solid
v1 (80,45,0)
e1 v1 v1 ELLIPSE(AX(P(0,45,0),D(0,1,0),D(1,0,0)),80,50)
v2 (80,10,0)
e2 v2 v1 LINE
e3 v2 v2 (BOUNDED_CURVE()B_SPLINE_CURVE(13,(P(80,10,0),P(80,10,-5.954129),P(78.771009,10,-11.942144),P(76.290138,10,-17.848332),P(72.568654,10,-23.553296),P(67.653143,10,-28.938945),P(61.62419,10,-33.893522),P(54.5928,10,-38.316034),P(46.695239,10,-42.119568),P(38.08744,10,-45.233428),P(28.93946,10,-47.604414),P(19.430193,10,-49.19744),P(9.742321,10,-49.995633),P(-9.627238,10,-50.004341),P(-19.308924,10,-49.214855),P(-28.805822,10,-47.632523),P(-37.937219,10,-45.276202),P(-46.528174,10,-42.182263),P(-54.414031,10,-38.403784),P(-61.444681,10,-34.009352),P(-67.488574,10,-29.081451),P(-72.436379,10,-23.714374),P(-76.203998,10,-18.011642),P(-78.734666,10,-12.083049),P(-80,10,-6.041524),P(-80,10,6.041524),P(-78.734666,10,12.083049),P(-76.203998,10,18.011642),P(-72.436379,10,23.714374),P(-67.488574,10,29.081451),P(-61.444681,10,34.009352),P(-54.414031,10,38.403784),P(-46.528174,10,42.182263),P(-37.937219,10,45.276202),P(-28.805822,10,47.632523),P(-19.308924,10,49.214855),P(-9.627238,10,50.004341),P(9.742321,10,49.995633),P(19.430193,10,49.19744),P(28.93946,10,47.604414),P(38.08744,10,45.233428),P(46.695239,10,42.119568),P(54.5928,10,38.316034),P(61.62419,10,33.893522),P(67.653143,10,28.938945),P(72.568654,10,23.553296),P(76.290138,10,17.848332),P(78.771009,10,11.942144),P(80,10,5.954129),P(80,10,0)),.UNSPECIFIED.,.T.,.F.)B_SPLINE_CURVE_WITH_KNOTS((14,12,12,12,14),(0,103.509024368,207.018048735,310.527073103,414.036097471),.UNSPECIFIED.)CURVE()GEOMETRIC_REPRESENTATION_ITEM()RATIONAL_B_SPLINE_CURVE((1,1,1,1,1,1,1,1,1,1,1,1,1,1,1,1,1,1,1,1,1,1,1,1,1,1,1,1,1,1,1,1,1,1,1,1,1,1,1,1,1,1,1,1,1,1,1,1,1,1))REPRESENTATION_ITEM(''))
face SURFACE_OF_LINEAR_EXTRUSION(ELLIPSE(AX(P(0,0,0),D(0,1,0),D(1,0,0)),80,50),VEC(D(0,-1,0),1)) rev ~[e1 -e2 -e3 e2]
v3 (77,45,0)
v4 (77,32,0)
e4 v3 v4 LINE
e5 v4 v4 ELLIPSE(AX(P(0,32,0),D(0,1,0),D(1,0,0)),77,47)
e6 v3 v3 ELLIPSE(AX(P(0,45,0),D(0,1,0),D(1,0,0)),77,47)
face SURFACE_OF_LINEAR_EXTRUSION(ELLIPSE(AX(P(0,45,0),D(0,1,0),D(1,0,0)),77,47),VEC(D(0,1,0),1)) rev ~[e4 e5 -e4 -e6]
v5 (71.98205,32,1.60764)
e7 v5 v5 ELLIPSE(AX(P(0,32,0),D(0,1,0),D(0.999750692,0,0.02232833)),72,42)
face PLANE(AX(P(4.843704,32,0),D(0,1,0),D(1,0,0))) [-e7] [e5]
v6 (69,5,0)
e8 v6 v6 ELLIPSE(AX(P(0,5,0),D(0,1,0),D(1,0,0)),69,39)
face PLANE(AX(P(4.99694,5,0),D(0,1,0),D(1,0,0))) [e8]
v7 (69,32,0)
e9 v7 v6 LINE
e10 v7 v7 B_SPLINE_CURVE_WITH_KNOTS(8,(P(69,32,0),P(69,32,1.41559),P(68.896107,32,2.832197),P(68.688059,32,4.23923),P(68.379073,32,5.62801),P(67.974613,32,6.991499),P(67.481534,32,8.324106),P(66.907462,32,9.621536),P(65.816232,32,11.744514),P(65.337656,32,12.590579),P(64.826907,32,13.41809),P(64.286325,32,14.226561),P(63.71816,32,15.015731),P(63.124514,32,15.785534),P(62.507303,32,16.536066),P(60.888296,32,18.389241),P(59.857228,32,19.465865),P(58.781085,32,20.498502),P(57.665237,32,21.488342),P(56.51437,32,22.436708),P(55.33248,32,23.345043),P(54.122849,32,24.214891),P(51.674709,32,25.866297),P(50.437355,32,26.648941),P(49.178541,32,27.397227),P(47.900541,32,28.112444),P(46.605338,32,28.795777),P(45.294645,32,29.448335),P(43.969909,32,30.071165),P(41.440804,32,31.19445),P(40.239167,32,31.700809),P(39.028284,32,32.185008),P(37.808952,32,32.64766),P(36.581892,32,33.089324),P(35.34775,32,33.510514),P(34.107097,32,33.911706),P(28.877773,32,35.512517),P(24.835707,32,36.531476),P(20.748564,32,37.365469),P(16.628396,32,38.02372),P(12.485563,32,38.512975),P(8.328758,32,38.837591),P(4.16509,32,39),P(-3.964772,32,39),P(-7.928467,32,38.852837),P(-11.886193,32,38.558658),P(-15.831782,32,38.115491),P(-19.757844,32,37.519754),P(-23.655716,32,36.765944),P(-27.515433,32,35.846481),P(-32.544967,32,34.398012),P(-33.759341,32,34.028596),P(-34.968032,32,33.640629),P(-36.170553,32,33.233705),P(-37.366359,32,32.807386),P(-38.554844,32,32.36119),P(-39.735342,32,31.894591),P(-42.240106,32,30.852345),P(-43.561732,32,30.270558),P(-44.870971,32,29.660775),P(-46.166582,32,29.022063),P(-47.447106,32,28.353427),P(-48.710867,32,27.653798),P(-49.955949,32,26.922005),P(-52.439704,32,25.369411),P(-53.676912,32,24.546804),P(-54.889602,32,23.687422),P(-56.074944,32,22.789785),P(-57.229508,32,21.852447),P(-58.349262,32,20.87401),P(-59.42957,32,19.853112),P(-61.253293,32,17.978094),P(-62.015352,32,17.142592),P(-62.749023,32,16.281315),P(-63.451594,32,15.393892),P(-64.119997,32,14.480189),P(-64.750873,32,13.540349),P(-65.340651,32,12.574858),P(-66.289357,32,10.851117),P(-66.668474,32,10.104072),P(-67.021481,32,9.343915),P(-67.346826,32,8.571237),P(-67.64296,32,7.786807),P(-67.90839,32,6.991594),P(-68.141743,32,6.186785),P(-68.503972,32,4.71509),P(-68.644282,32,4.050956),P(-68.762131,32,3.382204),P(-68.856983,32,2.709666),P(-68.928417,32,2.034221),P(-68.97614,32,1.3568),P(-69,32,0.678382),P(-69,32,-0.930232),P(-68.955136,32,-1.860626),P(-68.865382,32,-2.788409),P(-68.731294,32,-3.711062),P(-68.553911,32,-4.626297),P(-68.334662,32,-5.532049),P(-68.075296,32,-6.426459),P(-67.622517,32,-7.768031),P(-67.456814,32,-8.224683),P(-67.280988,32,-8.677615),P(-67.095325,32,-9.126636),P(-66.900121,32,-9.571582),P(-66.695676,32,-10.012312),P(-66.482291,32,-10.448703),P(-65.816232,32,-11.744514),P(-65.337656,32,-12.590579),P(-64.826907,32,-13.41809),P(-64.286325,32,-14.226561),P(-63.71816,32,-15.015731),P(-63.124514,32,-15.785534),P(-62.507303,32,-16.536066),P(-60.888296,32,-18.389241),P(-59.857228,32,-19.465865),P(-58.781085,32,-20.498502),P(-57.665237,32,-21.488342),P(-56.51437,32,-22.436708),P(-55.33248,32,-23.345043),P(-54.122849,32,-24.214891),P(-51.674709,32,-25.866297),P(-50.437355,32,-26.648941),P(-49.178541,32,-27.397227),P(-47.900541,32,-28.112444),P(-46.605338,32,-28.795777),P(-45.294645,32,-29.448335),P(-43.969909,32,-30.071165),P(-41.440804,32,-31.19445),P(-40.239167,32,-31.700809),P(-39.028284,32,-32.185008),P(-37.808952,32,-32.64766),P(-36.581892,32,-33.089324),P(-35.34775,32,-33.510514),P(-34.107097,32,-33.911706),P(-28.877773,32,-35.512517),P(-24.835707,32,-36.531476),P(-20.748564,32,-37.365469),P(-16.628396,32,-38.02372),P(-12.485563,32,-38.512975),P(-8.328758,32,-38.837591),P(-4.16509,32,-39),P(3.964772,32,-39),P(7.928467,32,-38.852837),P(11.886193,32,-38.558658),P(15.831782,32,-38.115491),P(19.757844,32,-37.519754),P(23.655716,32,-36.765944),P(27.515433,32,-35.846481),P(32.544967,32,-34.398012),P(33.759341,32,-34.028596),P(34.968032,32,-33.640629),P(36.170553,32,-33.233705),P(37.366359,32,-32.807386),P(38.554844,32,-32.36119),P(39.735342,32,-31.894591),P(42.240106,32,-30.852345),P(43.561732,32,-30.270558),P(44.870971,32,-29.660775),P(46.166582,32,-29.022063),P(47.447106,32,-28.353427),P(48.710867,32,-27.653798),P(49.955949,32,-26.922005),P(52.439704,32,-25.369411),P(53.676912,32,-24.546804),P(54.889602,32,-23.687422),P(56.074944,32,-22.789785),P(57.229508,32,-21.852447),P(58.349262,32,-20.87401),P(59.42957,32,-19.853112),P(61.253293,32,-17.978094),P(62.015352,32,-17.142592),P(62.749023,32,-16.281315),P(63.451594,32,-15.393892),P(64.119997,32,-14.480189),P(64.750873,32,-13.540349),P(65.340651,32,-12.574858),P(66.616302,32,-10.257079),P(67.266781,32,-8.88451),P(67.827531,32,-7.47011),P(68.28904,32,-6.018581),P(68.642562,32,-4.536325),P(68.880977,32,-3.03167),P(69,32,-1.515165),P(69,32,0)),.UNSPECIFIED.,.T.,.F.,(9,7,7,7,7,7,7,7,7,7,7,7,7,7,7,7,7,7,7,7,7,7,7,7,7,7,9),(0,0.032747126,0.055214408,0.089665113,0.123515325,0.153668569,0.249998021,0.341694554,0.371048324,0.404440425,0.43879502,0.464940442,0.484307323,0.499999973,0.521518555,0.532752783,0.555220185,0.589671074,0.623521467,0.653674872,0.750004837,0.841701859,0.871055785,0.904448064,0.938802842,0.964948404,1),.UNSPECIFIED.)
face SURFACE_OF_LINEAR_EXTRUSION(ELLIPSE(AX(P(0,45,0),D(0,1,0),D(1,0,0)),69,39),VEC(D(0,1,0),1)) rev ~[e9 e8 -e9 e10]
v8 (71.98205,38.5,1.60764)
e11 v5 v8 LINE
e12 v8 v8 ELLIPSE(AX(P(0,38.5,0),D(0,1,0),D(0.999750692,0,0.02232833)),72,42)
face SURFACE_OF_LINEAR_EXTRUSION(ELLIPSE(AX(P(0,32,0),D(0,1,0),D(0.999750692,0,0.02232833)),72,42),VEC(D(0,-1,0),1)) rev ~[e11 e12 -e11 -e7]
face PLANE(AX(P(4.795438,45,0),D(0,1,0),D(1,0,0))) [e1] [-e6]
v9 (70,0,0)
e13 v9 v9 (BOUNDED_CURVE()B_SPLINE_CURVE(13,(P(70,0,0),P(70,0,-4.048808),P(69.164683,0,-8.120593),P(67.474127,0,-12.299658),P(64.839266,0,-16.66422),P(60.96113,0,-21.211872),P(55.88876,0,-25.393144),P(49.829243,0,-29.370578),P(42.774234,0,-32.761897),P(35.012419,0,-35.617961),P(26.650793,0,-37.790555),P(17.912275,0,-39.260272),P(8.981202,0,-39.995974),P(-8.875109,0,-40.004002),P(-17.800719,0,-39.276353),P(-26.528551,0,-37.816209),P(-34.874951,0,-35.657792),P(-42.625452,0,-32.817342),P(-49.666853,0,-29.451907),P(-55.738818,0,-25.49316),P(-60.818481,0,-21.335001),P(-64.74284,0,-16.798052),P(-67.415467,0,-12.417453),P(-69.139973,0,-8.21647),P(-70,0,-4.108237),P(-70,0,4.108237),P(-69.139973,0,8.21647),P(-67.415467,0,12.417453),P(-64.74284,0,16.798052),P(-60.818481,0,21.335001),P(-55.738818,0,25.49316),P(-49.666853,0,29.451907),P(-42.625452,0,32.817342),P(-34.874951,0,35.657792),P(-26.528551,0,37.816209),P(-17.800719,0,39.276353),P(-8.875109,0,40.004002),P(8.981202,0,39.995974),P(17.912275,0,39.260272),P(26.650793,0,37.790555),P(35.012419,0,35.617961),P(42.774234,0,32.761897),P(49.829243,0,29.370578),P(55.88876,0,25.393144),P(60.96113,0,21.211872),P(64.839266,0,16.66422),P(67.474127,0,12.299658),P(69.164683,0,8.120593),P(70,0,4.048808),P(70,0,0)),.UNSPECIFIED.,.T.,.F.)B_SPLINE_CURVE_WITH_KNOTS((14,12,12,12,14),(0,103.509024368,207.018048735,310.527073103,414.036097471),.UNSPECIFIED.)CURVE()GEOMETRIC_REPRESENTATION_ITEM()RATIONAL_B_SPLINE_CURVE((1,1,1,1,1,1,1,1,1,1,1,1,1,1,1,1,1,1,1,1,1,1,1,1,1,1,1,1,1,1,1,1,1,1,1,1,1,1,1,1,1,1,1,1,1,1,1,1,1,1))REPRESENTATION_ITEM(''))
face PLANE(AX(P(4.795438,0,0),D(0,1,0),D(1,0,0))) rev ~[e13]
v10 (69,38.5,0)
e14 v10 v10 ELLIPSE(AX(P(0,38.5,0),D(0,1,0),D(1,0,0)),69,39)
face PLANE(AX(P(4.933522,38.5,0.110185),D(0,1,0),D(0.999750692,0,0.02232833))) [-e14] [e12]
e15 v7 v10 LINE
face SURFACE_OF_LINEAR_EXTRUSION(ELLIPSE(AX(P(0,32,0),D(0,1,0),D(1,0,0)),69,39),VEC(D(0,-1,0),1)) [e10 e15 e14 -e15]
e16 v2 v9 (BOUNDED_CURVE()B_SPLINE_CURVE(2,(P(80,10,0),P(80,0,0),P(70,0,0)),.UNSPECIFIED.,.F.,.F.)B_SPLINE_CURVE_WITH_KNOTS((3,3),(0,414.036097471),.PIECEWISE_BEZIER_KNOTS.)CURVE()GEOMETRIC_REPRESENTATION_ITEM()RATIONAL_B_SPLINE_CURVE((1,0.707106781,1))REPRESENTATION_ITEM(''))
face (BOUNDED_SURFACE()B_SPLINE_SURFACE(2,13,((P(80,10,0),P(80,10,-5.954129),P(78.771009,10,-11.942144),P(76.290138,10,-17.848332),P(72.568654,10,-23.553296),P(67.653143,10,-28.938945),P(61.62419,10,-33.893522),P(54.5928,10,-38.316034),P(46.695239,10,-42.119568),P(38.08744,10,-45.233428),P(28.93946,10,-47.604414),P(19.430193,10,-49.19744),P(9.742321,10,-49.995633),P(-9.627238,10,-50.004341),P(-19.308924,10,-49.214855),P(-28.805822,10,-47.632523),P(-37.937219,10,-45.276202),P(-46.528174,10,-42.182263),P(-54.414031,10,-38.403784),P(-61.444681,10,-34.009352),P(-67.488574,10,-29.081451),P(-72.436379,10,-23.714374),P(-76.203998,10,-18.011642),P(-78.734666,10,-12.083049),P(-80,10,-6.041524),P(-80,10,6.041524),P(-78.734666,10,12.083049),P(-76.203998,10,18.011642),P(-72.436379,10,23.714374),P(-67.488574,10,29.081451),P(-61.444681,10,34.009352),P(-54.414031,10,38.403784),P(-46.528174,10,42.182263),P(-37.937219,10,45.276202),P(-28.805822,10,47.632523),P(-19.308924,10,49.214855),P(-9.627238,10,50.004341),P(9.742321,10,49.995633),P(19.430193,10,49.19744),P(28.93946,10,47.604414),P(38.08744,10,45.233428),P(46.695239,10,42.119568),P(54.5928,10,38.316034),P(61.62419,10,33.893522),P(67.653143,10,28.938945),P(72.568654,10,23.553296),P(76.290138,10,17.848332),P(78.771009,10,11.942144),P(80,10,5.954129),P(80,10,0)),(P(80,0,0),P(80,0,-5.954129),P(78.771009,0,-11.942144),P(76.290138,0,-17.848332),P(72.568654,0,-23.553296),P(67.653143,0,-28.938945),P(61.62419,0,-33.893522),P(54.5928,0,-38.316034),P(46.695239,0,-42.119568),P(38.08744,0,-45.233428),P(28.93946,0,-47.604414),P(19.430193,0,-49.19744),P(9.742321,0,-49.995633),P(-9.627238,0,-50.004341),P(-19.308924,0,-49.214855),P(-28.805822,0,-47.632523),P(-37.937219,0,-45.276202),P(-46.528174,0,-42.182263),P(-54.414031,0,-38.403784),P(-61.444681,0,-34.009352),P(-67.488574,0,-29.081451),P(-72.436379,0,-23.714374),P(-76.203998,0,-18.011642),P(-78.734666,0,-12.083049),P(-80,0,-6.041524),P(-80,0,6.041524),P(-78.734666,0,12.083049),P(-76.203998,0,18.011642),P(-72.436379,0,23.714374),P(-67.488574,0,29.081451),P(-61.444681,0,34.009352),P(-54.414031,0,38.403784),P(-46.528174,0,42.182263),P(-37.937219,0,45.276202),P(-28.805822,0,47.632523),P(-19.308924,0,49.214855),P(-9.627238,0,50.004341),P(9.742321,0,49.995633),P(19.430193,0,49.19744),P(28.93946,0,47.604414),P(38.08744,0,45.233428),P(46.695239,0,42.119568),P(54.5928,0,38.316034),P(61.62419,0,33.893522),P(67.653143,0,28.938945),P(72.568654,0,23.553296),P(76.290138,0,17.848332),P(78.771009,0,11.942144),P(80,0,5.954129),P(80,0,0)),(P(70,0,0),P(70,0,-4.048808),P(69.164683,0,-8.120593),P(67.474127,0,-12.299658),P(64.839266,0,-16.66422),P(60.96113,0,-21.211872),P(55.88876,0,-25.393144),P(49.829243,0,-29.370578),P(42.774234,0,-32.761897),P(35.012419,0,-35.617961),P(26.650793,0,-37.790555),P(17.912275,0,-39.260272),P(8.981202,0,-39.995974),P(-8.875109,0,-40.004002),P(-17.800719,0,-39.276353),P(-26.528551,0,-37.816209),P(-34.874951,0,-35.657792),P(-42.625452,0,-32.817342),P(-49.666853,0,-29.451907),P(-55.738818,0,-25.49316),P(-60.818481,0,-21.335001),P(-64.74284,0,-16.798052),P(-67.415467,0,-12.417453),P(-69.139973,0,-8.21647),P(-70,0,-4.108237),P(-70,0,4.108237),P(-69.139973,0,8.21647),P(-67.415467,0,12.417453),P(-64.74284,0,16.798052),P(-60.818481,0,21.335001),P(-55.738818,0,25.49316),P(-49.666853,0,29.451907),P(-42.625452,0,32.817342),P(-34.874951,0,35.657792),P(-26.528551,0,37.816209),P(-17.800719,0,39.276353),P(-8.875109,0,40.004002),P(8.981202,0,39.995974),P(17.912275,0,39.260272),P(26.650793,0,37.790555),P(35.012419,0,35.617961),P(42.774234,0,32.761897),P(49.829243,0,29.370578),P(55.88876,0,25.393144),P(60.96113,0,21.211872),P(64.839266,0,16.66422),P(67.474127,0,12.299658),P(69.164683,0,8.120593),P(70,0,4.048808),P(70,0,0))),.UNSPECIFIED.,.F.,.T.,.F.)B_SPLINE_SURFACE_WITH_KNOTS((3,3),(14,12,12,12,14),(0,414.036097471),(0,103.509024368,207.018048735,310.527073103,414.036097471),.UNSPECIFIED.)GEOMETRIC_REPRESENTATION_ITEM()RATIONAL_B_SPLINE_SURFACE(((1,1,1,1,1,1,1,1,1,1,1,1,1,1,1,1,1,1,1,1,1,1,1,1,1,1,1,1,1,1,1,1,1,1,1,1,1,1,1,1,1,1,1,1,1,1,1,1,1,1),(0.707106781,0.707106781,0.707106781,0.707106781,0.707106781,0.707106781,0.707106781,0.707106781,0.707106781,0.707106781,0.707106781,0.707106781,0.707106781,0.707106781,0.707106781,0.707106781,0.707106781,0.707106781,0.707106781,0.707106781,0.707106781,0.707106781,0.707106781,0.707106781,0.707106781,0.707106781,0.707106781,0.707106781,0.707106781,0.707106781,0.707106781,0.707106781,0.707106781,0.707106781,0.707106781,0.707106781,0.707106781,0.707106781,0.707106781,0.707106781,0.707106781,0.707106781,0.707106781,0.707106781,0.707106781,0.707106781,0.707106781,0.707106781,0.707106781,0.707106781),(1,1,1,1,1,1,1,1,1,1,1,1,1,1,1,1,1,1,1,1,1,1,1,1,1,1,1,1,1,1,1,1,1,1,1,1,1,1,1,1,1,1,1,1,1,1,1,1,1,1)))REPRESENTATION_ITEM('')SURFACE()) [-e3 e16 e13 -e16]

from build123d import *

# Parameters (mm, degrees)
SKETCH2_RX          = 80
SKETCH2_RY          = 50
BOSS_EXTRUDE1_DEPTH = 45
FILLET2_R           = 10
SKETCH3_RX          = 69
SKETCH3_RY          = 39
CUT_EXTRUDE1_DEPTH  = 40
SKETCH4_RX          = 77
SKETCH4_RY          = 47
CUT_EXTRUDE2_DEPTH  = 13
SKETCH5_RX          = 72
SKETCH5_RY          = 42
SKETCH5_RX_2        = 69
SKETCH5_RY_2        = 39
BOSS_EXTRUDE2_DEPTH = 6.5


with BuildPart() as part:
    # Sketch2 → Boss-Extrude1 (new body)
    with BuildSketch(Plane(origin=(0, 0, 0), x_dir=(1, 0, 0), z_dir=(0, 1, 0))):
        with Locations((0, 0)):
            Ellipse(SKETCH2_RX, SKETCH2_RY)
    extrude(amount=BOSS_EXTRUDE1_DEPTH)

    # Fillet2
    fillet2_edges = [part.edges().sort_by_distance(p)[0] for p in [
        (-79.999879829, 0, 0.086664306),
    ]]
    fillet(fillet2_edges, radius=FILLET2_R)

    # Sketch3 → Cut-Extrude1 (cut)
    with BuildSketch(Plane(origin=(0, 45, 0), x_dir=(1, 0, 0), z_dir=(0, 1, 0))):
        with Locations((0, 0)):
            Ellipse(SKETCH3_RX, SKETCH3_RY)
    extrude(amount=-CUT_EXTRUDE1_DEPTH, mode=Mode.SUBTRACT)

    # Sketch4 → Cut-Extrude2 (cut)
    with BuildSketch(Plane(origin=(0, 45, 0), x_dir=(1, 0, 0), z_dir=(0, 1, 0))):
        with Locations((0, 0)):
            Ellipse(SKETCH4_RX, SKETCH4_RY)
    extrude(amount=-CUT_EXTRUDE2_DEPTH, mode=Mode.SUBTRACT)

    # Sketch5 → Boss-Extrude2 (add)
    with BuildSketch(Plane(origin=(0, 32, 0), x_dir=(1, 0, 0), z_dir=(0, 1, 0))):
        with Locations(Location((0, 0), (0, 0, -1.279425375))):
            Ellipse(SKETCH5_RX, SKETCH5_RY)
        with Locations((0, 0)):
            Ellipse(SKETCH5_RX_2, SKETCH5_RY_2, mode=Mode.SUBTRACT)
    extrude(amount=BOSS_EXTRUDE2_DEPTH)


solid = part.part
